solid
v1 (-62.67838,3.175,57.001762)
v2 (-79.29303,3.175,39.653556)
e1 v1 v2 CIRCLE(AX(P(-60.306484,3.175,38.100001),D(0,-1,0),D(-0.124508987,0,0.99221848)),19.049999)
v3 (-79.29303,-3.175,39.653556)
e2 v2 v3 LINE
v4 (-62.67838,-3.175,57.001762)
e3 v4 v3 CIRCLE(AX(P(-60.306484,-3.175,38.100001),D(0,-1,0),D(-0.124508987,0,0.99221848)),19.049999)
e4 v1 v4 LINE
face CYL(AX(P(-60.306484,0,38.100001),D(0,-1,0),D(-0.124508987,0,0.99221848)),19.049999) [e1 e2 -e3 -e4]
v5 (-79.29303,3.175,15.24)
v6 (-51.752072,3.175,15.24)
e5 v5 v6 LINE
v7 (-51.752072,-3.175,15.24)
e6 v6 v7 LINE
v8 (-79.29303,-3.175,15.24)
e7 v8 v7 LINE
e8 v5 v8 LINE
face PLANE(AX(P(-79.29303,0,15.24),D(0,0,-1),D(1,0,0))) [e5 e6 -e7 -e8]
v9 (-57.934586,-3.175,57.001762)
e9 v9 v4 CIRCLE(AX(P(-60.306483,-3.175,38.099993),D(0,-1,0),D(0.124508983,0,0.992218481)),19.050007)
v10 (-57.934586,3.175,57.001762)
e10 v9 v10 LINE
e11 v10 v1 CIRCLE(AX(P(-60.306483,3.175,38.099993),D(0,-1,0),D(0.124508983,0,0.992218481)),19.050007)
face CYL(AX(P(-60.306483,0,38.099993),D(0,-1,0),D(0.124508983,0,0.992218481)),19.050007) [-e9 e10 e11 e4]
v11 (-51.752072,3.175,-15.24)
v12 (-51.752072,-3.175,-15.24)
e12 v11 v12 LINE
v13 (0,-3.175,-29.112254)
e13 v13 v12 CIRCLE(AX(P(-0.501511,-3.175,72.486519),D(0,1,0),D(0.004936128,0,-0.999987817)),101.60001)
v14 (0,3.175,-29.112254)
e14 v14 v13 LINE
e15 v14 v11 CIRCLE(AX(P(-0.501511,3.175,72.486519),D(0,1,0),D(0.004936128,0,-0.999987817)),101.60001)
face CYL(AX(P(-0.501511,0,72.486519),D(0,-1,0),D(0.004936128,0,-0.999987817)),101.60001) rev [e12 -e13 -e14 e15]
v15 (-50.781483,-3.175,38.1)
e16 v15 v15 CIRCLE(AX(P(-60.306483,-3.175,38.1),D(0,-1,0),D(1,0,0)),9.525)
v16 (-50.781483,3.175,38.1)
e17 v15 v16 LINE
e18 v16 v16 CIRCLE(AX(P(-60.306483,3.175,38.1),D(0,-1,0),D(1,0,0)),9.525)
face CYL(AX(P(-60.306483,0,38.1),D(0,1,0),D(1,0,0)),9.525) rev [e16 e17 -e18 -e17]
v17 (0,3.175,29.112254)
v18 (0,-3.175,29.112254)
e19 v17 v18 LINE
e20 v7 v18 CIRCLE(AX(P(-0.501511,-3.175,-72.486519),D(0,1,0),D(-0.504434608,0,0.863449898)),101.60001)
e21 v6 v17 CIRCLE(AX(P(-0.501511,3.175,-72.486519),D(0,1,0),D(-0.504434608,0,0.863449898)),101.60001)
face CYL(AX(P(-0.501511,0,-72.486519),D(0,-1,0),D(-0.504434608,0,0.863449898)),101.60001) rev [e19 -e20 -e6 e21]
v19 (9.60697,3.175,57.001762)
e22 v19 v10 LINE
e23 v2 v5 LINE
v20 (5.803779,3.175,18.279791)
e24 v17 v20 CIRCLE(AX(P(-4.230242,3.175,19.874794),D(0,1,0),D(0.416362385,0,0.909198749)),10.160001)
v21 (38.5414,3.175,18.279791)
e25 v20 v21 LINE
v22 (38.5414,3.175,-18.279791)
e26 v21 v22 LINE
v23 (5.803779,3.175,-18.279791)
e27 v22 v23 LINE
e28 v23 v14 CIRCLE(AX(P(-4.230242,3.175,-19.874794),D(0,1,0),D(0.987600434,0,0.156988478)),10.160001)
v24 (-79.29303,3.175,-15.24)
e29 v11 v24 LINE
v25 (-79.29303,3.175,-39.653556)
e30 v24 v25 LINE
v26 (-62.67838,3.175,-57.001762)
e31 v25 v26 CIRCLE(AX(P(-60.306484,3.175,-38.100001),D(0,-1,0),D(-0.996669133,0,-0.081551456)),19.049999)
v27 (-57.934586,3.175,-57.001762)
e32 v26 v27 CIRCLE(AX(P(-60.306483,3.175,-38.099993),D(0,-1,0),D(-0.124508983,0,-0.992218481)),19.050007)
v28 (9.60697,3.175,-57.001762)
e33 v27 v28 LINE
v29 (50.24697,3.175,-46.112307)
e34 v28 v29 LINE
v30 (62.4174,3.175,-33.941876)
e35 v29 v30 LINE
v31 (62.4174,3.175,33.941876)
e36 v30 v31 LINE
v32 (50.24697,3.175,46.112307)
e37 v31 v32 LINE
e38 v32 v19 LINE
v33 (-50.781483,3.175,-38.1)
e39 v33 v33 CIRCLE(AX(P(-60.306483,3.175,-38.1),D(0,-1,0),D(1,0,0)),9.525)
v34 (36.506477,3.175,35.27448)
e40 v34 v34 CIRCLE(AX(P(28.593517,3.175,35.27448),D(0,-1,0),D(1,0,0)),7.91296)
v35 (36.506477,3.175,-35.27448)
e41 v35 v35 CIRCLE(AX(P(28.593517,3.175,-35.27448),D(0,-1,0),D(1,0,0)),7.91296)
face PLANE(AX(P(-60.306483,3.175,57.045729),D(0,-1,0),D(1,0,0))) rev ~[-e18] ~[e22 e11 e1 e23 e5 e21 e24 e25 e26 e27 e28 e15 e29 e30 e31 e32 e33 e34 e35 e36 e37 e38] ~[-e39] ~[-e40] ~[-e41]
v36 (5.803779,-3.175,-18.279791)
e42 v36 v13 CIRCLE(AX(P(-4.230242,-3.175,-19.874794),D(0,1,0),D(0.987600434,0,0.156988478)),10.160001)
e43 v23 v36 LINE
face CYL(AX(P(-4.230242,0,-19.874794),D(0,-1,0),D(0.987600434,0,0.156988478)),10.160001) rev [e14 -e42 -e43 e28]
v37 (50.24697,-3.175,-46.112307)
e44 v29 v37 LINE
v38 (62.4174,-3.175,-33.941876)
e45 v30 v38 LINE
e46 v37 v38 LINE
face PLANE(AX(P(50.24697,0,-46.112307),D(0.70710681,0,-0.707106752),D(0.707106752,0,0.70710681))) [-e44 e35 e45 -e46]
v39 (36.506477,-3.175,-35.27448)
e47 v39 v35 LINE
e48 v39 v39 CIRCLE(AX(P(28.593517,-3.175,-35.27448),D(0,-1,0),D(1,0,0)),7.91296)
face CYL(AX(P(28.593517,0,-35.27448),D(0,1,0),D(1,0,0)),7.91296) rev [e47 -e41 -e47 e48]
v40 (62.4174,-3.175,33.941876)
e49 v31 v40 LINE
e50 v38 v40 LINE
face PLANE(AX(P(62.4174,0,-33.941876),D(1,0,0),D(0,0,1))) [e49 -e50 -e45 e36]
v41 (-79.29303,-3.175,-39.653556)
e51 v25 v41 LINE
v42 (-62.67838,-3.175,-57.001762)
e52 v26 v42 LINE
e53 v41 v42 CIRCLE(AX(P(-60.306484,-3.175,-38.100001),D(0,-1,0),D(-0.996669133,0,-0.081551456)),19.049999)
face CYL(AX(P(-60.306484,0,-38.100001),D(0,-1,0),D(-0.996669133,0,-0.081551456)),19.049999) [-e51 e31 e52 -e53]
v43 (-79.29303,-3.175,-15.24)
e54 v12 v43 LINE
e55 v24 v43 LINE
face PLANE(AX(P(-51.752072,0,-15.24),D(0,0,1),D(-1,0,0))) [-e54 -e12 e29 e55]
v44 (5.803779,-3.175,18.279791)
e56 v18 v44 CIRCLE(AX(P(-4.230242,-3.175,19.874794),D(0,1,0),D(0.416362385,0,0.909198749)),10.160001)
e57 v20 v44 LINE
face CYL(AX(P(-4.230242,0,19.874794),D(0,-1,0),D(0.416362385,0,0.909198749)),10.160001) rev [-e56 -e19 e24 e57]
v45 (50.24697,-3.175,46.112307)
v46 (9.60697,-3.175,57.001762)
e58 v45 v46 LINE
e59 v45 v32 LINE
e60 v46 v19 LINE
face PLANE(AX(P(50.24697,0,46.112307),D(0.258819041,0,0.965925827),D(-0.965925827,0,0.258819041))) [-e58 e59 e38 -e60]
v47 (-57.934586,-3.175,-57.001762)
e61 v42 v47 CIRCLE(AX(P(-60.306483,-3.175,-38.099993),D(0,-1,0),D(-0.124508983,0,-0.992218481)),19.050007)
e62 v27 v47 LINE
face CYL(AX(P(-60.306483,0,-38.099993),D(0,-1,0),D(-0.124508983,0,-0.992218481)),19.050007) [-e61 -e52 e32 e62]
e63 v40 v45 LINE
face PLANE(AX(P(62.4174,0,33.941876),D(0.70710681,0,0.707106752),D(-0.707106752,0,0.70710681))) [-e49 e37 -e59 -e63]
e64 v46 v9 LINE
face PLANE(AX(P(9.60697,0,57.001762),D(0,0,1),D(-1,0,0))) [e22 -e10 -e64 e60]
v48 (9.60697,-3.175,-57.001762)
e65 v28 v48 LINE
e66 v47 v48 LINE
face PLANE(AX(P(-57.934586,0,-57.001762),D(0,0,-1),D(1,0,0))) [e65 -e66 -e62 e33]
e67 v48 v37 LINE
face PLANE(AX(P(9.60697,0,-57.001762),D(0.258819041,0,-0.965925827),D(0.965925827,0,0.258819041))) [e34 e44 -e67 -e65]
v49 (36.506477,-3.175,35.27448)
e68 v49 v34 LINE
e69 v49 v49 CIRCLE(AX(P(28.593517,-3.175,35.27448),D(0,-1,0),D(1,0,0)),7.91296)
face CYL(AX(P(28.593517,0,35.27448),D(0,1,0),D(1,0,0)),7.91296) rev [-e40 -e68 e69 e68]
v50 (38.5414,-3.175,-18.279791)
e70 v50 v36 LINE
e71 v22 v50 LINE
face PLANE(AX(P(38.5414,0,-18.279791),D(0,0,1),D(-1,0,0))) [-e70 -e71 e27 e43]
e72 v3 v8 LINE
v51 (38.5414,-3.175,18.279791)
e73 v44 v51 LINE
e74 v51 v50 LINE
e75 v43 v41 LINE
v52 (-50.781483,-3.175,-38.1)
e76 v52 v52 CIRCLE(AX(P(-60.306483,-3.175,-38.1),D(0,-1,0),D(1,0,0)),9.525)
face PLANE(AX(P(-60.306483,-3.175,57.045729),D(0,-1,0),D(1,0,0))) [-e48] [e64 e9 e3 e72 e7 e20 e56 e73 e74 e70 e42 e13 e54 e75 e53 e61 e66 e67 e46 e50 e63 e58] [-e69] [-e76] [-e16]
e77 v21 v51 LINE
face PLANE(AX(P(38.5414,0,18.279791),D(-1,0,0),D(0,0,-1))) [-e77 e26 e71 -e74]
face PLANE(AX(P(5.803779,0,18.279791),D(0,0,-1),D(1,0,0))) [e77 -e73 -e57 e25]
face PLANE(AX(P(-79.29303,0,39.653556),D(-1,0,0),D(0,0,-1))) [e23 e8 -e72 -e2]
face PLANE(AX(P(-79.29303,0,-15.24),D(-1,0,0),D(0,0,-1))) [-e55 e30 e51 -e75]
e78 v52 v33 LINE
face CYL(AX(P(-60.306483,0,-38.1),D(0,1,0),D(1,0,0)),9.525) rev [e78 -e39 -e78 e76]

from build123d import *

# Parameters (mm, degrees)
F0_R     = 9.525
F0_R_2   = 7.91296
F1_DEPTH = 3.175


with BuildPart() as f1:
    # F0 (on Front) → F1 (new body, symmetric)
    with BuildSketch(Plane.XZ):
        with BuildLine():
            ThreePointArc((-57.934586, 57.001762), (-60.306483, 57.15), (-62.67838, 57.001762))
            Line((-62.67838, 57.001762), (-57.934586, 57.001762))
        make_face()
        with BuildLine():
            Line((-57.934586, 57.001762), (-62.67838, 57.001762))
            ThreePointArc((-62.67838, 57.001762), (-74.064603, 51.276367), (-79.29303, 39.653556))
            Line((-79.29303, 39.653556), (-79.29303, 15.24))
            Line((-79.29303, 15.24), (-51.752072, 15.24))
            ThreePointArc((-51.752072, 15.24), (-26.806955, 25.649029), (0, 29.112254))
            ThreePointArc((0, 29.112254), (4.725363, 24.672997), (5.803779, 18.279791))
            Line((5.803779, 18.279791), (38.5414, 18.279791))
            Line((38.5414, 18.279791), (38.5414, 0))
            Line((38.5414, 0), (38.5414, -18.279791))
            Line((38.5414, -18.279791), (5.803779, -18.279791))
            ThreePointArc((5.803779, -18.279791), (4.725363, -24.672997), (0, -29.112254))
            ThreePointArc((0, -29.112254), (-26.806955, -25.649029), (-51.752072, -15.24))
            Line((-51.752072, -15.24), (-79.29303, -15.24))
            Line((-79.29303, -15.24), (-79.29303, -39.653556))
            ThreePointArc((-79.29303, -39.653556), (-74.064603, -51.276367), (-62.67838, -57.001762))
            Line((-62.67838, -57.001762), (-57.934586, -57.001762))
            Line((-57.934586, -57.001762), (9.60697, -57.001762))
            Line((9.60697, -57.001762), (50.24697, -46.112307))
            Line((50.24697, -46.112307), (62.4174, -33.941876))
            Line((62.4174, -33.941876), (62.4174, -5.23346))
            Line((62.4174, -5.23346), (62.4174, 5.23346))
            Line((62.4174, 5.23346), (62.4174, 33.941876))
            Line((62.4174, 33.941876), (50.24697, 46.112307))
            Line((50.24697, 46.112307), (9.60697, 57.001762))
            Line((9.60697, 57.001762), (-57.934586, 57.001762))
        make_face()
        with Locations((-60.306483, -38.1)):
            Circle(F0_R, mode=Mode.SUBTRACT)
        with Locations((28.593517, -35.27448)):
            Circle(F0_R_2, mode=Mode.SUBTRACT)
        with Locations((-60.306483, 38.1)):
            Circle(F0_R, mode=Mode.SUBTRACT)
        with Locations((28.593517, 35.27448)):
            Circle(F0_R_2, mode=Mode.SUBTRACT)
        with BuildLine():
            ThreePointArc((-62.67838, -57.001762), (-60.306483, -57.15), (-57.934586, -57.001762))
            Line((-57.934586, -57.001762), (-62.67838, -57.001762))
        make_face()
    extrude(amount=F1_DEPTH, both=True)


solid = f1.part
